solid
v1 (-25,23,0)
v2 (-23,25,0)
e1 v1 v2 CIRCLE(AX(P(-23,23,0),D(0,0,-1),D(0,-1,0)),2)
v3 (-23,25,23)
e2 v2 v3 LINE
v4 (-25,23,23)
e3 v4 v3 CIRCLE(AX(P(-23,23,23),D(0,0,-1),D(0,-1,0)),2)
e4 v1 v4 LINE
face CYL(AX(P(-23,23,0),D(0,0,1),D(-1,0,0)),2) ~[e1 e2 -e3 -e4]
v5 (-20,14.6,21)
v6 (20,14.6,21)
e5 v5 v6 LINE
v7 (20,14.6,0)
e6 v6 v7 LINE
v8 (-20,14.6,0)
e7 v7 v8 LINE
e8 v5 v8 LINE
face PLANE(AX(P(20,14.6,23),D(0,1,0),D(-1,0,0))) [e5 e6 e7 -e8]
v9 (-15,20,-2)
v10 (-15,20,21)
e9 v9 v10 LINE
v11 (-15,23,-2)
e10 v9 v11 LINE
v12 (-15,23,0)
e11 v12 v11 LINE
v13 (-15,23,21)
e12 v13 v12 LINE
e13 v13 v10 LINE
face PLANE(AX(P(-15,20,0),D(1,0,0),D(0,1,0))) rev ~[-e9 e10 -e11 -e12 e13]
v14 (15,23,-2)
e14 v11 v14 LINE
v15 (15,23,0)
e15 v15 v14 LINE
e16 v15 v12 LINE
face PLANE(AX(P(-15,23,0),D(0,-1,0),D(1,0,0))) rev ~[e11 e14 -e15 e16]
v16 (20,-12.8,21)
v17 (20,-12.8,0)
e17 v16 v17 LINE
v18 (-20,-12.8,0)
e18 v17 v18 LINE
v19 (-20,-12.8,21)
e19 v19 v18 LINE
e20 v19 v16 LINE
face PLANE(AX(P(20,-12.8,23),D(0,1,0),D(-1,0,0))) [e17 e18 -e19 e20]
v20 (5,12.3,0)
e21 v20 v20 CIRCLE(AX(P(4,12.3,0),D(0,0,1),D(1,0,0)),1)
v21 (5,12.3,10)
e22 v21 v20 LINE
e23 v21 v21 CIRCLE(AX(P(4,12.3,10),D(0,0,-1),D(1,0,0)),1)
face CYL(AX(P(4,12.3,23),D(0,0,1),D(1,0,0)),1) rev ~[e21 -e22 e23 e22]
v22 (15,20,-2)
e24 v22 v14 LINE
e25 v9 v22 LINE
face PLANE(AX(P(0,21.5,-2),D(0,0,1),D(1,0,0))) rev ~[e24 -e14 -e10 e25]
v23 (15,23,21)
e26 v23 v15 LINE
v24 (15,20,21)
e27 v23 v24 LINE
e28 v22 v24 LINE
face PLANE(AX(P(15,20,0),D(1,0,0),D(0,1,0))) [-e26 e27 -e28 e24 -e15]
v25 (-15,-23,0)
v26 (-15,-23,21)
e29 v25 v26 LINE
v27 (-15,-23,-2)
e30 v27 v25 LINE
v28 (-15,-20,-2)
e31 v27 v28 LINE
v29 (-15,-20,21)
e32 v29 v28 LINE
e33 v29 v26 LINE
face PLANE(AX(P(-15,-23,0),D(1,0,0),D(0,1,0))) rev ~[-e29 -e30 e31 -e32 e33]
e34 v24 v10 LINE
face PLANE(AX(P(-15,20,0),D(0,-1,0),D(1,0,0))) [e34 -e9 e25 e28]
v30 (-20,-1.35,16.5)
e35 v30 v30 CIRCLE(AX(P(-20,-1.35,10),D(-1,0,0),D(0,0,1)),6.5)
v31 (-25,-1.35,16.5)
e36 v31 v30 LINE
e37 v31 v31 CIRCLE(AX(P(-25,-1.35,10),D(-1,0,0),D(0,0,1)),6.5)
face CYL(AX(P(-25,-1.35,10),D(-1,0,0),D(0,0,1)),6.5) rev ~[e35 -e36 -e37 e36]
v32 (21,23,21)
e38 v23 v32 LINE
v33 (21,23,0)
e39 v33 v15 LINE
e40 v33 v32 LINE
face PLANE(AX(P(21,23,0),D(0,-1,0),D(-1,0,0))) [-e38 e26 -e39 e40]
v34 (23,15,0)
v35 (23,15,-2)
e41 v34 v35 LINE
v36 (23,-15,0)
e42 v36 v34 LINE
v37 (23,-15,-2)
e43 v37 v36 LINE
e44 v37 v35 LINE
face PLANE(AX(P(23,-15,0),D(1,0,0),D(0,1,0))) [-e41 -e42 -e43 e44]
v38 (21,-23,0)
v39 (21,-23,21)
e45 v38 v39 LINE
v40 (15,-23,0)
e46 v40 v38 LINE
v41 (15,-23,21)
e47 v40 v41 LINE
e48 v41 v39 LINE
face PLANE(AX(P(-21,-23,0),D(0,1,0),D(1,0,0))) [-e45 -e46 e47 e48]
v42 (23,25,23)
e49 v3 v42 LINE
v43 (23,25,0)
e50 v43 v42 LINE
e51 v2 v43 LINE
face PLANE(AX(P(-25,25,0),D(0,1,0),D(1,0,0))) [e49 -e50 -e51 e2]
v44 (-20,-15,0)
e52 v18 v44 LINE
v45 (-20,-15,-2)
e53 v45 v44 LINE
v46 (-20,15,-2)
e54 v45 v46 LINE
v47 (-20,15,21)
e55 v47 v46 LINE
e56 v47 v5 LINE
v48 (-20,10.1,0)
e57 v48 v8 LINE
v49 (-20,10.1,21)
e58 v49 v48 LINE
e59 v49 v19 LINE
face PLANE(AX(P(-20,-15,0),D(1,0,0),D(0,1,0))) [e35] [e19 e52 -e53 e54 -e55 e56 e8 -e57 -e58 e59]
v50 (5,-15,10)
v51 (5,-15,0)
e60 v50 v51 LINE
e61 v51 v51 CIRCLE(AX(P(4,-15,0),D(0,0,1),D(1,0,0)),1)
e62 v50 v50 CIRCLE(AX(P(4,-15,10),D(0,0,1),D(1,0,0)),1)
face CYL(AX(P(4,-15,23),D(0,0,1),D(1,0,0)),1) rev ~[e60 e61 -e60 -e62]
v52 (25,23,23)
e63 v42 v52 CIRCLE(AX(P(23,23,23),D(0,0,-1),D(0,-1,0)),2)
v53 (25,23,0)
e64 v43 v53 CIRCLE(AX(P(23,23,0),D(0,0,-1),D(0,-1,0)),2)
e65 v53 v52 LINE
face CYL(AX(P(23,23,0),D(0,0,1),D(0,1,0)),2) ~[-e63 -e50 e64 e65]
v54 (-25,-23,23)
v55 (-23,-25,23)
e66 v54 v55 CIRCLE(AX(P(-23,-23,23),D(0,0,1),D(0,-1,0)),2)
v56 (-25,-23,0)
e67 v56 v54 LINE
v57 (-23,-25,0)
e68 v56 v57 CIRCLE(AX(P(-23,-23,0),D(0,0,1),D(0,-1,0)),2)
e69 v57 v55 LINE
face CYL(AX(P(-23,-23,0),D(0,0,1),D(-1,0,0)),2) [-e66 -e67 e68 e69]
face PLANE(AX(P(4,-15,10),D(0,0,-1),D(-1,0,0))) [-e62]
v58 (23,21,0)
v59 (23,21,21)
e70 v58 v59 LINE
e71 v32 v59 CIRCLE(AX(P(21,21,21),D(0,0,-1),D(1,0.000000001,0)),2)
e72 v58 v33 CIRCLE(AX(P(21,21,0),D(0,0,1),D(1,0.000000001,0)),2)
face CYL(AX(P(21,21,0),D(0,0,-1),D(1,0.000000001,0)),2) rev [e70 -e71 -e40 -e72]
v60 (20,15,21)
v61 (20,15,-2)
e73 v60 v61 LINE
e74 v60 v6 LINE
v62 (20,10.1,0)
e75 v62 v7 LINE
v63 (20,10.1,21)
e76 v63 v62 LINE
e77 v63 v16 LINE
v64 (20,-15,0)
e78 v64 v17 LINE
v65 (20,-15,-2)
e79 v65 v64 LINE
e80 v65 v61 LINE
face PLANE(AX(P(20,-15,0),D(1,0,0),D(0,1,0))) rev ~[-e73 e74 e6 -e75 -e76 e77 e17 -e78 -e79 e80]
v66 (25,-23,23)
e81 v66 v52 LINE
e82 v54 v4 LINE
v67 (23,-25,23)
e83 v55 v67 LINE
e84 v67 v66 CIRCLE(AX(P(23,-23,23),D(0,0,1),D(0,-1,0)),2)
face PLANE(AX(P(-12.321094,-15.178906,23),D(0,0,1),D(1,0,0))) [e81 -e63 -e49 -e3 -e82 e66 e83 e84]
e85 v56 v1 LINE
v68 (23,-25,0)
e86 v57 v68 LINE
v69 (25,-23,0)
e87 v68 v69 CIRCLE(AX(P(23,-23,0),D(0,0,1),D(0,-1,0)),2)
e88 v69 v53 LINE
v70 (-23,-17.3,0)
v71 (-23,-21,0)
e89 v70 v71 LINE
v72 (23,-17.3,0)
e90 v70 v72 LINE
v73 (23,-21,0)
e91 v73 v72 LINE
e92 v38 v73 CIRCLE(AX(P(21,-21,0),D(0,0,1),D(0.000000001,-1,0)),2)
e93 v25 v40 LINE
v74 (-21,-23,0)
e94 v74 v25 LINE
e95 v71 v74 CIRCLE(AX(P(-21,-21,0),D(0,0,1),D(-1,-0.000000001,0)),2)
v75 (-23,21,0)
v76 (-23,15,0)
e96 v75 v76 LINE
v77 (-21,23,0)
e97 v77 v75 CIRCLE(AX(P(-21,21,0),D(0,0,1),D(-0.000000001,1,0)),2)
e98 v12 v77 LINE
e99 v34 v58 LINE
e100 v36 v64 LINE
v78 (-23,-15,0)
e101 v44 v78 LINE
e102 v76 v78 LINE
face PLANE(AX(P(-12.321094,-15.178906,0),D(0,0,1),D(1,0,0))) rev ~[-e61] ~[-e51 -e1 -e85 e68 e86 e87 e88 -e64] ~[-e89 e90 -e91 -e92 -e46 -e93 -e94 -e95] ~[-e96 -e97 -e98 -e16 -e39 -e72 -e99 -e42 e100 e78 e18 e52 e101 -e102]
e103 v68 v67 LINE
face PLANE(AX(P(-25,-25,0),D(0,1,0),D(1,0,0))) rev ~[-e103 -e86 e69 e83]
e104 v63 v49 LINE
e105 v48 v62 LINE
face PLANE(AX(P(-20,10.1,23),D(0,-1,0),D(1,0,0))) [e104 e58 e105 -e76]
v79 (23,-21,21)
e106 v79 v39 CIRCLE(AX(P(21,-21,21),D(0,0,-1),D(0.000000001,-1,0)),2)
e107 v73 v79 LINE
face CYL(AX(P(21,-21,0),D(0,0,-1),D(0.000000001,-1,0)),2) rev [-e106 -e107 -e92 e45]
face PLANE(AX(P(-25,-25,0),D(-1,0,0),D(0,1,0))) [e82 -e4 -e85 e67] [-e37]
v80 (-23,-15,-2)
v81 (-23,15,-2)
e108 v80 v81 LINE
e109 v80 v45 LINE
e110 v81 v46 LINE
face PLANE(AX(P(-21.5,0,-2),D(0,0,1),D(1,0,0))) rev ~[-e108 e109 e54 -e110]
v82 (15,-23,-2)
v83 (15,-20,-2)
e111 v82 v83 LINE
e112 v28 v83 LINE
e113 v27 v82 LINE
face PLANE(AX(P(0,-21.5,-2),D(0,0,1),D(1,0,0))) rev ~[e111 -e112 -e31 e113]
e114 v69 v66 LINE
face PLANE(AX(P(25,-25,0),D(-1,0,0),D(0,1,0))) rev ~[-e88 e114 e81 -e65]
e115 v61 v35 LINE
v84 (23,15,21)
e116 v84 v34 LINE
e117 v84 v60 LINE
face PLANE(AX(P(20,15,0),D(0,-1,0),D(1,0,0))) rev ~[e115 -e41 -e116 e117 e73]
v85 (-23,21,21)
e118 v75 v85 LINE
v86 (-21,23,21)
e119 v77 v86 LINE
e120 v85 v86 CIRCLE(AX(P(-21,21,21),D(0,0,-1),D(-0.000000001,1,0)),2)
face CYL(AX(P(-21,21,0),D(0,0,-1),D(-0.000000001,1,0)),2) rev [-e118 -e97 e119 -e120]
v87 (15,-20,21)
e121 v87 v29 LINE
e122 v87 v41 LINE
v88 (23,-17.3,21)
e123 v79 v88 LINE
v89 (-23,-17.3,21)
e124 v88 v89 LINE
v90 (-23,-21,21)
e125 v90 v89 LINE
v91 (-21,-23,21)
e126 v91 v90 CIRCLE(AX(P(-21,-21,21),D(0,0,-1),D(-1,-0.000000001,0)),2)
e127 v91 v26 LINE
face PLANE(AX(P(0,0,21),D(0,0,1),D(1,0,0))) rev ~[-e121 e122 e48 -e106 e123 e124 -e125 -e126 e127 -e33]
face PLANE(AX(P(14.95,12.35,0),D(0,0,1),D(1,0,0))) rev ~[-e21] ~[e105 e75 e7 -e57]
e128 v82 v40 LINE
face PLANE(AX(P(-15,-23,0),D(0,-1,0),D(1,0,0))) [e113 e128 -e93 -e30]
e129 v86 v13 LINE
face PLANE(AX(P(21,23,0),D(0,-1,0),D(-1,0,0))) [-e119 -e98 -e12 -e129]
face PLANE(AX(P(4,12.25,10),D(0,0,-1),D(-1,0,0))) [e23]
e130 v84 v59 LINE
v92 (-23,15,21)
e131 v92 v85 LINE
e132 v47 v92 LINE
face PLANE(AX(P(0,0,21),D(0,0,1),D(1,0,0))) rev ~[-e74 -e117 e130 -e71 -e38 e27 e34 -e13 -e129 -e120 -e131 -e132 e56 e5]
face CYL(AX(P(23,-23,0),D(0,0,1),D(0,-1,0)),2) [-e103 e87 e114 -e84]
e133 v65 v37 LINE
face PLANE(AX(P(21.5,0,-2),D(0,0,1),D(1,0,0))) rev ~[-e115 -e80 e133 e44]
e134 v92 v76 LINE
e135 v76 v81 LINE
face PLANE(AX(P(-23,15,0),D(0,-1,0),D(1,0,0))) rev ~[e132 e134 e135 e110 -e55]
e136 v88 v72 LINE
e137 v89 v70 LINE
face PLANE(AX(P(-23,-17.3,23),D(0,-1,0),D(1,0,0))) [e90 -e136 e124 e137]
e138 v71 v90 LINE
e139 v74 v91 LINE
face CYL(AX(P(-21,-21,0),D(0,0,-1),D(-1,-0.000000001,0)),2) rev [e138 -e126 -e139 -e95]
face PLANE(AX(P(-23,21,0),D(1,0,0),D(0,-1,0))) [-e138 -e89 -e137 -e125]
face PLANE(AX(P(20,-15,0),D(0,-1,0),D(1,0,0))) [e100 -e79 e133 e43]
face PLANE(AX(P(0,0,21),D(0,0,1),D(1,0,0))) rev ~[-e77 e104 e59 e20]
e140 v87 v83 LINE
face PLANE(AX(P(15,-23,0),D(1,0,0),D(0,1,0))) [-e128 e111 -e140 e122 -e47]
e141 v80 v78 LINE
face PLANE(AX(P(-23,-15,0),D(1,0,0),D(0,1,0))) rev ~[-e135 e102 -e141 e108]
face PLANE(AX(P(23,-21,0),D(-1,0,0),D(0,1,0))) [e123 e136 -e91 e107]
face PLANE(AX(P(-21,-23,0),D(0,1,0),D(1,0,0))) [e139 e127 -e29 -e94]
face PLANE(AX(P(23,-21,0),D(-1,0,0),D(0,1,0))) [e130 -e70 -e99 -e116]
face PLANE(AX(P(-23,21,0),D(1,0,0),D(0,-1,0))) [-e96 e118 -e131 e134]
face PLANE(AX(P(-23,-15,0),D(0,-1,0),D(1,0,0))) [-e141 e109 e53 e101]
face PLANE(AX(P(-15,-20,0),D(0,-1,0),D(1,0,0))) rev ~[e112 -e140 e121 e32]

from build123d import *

# Parameters (mm, degrees)
SZKIC1_W                           = 30
SZKIC1_H                           = 3
DODANIE_WYCI_GNI_CIE1_DEPTH        = 23
DODANIE_WYCI_GNI_CIE1_DEPTH_BACK   = 2
SZKIC1_W_2                         = 3
SZKIC1_H_2                         = 30
DODANIE_WYCI_GNI_CIE1_2_DEPTH      = 23
DODANIE_WYCI_GNI_CIE1_2_DEPTH_BACK = 2
DODANIE_WYCI_GNI_CIE1_3_DEPTH      = 23
DODANIE_WYCI_GNI_CIE1_3_DEPTH_BACK = 2
DODANIE_WYCI_GNI_CIE1_4_DEPTH      = 23
DODANIE_WYCI_GNI_CIE1_4_DEPTH_BACK = 2
SZKIC2_W                           = 50
SZKIC2_H                           = 50
DODANIE_WYCI_GNI_CIE2_DEPTH        = 23
SZKIC3_W                           = 11.8
SZKIC3_H                           = 4.5
SZKIC3_R                           = 1
SZKIC3_W_2                         = 10.1
SZKIC3_W_3                         = 18.1
DODANIE_WYCI_GNI_CIE3_DEPTH        = 23
ZAOKR_GLENIE1_R                    = 2
WYTNIJ_WYCI_GNI_CIE1_REACH         = 52
SZKIC4_R                           = 6.5
SZKIC5_W                           = 46
SZKIC5_H                           = 46
DODANIE_WYCI_GNI_CIE4_DEPTH        = 2
DODANIE_WYCI_GNI_CIE5_START        = -10
SZKIC6_R                           = 1.05
SZKIC6_R_2                         = 1
DODANIE_WYCI_GNI_CIE5_DEPTH        = 11


with BuildPart() as part:
    # Szkic1 → Dodanie-wyciągnięcie1 (new body, two sides)
    with BuildSketch(Plane.XY) as dodanie_wyci_gni_cie1_sk:
        with Locations((0, 21.5)):
            Rectangle(SZKIC1_W, SZKIC1_H)
    extrude(amount=DODANIE_WYCI_GNI_CIE1_DEPTH)
    extrude(dodanie_wyci_gni_cie1_sk.sketch, amount=-DODANIE_WYCI_GNI_CIE1_DEPTH_BACK)



with BuildPart() as body_2:
    # Szkic1 → Dodanie-wyci_gni_cie1 2 (new body, two sides)
    with BuildSketch(Plane.XY) as dodanie_wyci_gni_cie1_2_sk:
        with Locations((21.5, 0)):
            Rectangle(SZKIC1_W_2, SZKIC1_H_2)
    extrude(amount=DODANIE_WYCI_GNI_CIE1_2_DEPTH)
    extrude(dodanie_wyci_gni_cie1_2_sk.sketch, amount=-DODANIE_WYCI_GNI_CIE1_2_DEPTH_BACK)


with BuildPart() as body_3:
    # Szkic1 → Dodanie-wyci_gni_cie1 3 (new body, two sides)
    with BuildSketch(Plane.XY) as dodanie_wyci_gni_cie1_3_sk:
        with Locations((0, -21.5)):
            Rectangle(SZKIC1_W, SZKIC1_H)
    extrude(amount=DODANIE_WYCI_GNI_CIE1_3_DEPTH)
    extrude(dodanie_wyci_gni_cie1_3_sk.sketch, amount=-DODANIE_WYCI_GNI_CIE1_3_DEPTH_BACK)


with BuildPart() as body_4:
    # Szkic1 → Dodanie-wyci_gni_cie1 4 (new body, two sides)
    with BuildSketch(Plane.XY) as dodanie_wyci_gni_cie1_4_sk:
        with Locations((-21.5, 0)):
            Rectangle(SZKIC1_W_2, SZKIC1_H_2)
    extrude(amount=DODANIE_WYCI_GNI_CIE1_4_DEPTH)
    extrude(dodanie_wyci_gni_cie1_4_sk.sketch, amount=-DODANIE_WYCI_GNI_CIE1_4_DEPTH_BACK)


with BuildPart() as part_1:
    add(part.part)

    add(body_2.part)  # Dodanie-wyciągnięcie2 merges body 2

    add(body_3.part)  # Dodanie-wyciągnięcie2 merges body 3

    add(body_4.part)  # Dodanie-wyciągnięcie2 merges body 4
    # Szkic2 → Dodanie-wyciągnięcie2 (add)
    with BuildSketch(Plane.XY):
        Rectangle(SZKIC2_W, SZKIC2_H)
        with BuildLine():
            Line((-21, -23), (21, -23))
            ThreePointArc((21, -23), (22.414213562, -22.414213562), (23, -21))
            Line((23, -21), (23, 21))
            ThreePointArc((23, 21), (22.414213562, 22.414213562), (21, 23))
            Line((21, 23), (-21, 23))
            ThreePointArc((-21, 23), (-22.414213562, 22.414213562), (-23, 21))
            Line((-23, 21), (-23, -21))
            ThreePointArc((-23, -21), (-22.414213562, -22.414213562), (-21, -23))
        make_face(mode=Mode.SUBTRACT)
    extrude(amount=DODANIE_WYCI_GNI_CIE2_DEPTH)

    # Szkic3 → Dodanie-wyciągnięcie3 (add)
    with BuildSketch(Plane.XY.offset(23)):
        Polygon((-1.9, -17.3), (-1.9, -12.8), (-20, -12.8), (-20, -15), (-23, -15), (-23, -17.3), align=None)
        with Locations((4, -15.05)):
            Rectangle(SZKIC3_W, SZKIC3_H)
        with Locations((4, -15)):
            Circle(SZKIC3_R, mode=Mode.SUBTRACT)
        Polygon((20, -12.8), (9.9, -12.8), (9.9, -17.3), (23, -17.3), (23, -15), (20, -15), align=None)
        with Locations((14.95, 12.35)):
            Rectangle(SZKIC3_W_2, SZKIC3_H)
        with Locations((4, 12.35)):
            Rectangle(SZKIC3_W, SZKIC3_H)
        with Locations((4, 12.3)):
            Circle(SZKIC3_R, mode=Mode.SUBTRACT)
        with Locations((-10.95, 12.35)):
            Rectangle(SZKIC3_W_3, SZKIC3_H)
    extrude(amount=-DODANIE_WYCI_GNI_CIE3_DEPTH)

    # Zaokrąglenie1
    zaokr_glenie1_edges = [part_1.edges().sort_by_distance(p)[0] for p in [
        (-25, -25, 11.5),
        (-25, 25, 11.5),
        (25, 25, 11.5),
        (25, -25, 11.5),
    ]]
    fillet(zaokr_glenie1_edges, radius=ZAOKR_GLENIE1_R)

    # Szkic4 → Wytnij-wyciągnięcie1 (cut, up to next)
    with BuildSketch(Plane.ZY.offset(25), mode=Mode.PRIVATE) as wytnij_wyci_gni_cie1_sk1:
        with Locations((10, -1.35)):
            Circle(SZKIC4_R)
    wytnij_wyci_gni_cie1_tool1 = extrude(wytnij_wyci_gni_cie1_sk1.sketch, amount=-WYTNIJ_WYCI_GNI_CIE1_REACH, mode=Mode.PRIVATE) & part_1.part
    add(wytnij_wyci_gni_cie1_tool1.solids().sort_by_distance((-25, -1.35, 10))[0], mode=Mode.SUBTRACT)

    # Szkic5 → Dodanie-wyciągnięcie4 (add)
    with BuildSketch(Plane.XY.offset(23)):
        Rectangle(SZKIC5_W, SZKIC5_H)
    extrude(amount=-DODANIE_WYCI_GNI_CIE4_DEPTH)

    # Szkic6 → Dodanie-wyciągnięcie5 (add)
    with BuildSketch(Plane(origin=(0, 0, 0), x_dir=(-1, 0, 0), z_dir=(0, 0, -1)).offset(DODANIE_WYCI_GNI_CIE5_START)):
        with Locations((-4, 12.25)):
            Circle(SZKIC6_R)
        with Locations((-4, -15)):
            Circle(SZKIC6_R_2)
    extrude(amount=-DODANIE_WYCI_GNI_CIE5_DEPTH)


solid = part_1.part
